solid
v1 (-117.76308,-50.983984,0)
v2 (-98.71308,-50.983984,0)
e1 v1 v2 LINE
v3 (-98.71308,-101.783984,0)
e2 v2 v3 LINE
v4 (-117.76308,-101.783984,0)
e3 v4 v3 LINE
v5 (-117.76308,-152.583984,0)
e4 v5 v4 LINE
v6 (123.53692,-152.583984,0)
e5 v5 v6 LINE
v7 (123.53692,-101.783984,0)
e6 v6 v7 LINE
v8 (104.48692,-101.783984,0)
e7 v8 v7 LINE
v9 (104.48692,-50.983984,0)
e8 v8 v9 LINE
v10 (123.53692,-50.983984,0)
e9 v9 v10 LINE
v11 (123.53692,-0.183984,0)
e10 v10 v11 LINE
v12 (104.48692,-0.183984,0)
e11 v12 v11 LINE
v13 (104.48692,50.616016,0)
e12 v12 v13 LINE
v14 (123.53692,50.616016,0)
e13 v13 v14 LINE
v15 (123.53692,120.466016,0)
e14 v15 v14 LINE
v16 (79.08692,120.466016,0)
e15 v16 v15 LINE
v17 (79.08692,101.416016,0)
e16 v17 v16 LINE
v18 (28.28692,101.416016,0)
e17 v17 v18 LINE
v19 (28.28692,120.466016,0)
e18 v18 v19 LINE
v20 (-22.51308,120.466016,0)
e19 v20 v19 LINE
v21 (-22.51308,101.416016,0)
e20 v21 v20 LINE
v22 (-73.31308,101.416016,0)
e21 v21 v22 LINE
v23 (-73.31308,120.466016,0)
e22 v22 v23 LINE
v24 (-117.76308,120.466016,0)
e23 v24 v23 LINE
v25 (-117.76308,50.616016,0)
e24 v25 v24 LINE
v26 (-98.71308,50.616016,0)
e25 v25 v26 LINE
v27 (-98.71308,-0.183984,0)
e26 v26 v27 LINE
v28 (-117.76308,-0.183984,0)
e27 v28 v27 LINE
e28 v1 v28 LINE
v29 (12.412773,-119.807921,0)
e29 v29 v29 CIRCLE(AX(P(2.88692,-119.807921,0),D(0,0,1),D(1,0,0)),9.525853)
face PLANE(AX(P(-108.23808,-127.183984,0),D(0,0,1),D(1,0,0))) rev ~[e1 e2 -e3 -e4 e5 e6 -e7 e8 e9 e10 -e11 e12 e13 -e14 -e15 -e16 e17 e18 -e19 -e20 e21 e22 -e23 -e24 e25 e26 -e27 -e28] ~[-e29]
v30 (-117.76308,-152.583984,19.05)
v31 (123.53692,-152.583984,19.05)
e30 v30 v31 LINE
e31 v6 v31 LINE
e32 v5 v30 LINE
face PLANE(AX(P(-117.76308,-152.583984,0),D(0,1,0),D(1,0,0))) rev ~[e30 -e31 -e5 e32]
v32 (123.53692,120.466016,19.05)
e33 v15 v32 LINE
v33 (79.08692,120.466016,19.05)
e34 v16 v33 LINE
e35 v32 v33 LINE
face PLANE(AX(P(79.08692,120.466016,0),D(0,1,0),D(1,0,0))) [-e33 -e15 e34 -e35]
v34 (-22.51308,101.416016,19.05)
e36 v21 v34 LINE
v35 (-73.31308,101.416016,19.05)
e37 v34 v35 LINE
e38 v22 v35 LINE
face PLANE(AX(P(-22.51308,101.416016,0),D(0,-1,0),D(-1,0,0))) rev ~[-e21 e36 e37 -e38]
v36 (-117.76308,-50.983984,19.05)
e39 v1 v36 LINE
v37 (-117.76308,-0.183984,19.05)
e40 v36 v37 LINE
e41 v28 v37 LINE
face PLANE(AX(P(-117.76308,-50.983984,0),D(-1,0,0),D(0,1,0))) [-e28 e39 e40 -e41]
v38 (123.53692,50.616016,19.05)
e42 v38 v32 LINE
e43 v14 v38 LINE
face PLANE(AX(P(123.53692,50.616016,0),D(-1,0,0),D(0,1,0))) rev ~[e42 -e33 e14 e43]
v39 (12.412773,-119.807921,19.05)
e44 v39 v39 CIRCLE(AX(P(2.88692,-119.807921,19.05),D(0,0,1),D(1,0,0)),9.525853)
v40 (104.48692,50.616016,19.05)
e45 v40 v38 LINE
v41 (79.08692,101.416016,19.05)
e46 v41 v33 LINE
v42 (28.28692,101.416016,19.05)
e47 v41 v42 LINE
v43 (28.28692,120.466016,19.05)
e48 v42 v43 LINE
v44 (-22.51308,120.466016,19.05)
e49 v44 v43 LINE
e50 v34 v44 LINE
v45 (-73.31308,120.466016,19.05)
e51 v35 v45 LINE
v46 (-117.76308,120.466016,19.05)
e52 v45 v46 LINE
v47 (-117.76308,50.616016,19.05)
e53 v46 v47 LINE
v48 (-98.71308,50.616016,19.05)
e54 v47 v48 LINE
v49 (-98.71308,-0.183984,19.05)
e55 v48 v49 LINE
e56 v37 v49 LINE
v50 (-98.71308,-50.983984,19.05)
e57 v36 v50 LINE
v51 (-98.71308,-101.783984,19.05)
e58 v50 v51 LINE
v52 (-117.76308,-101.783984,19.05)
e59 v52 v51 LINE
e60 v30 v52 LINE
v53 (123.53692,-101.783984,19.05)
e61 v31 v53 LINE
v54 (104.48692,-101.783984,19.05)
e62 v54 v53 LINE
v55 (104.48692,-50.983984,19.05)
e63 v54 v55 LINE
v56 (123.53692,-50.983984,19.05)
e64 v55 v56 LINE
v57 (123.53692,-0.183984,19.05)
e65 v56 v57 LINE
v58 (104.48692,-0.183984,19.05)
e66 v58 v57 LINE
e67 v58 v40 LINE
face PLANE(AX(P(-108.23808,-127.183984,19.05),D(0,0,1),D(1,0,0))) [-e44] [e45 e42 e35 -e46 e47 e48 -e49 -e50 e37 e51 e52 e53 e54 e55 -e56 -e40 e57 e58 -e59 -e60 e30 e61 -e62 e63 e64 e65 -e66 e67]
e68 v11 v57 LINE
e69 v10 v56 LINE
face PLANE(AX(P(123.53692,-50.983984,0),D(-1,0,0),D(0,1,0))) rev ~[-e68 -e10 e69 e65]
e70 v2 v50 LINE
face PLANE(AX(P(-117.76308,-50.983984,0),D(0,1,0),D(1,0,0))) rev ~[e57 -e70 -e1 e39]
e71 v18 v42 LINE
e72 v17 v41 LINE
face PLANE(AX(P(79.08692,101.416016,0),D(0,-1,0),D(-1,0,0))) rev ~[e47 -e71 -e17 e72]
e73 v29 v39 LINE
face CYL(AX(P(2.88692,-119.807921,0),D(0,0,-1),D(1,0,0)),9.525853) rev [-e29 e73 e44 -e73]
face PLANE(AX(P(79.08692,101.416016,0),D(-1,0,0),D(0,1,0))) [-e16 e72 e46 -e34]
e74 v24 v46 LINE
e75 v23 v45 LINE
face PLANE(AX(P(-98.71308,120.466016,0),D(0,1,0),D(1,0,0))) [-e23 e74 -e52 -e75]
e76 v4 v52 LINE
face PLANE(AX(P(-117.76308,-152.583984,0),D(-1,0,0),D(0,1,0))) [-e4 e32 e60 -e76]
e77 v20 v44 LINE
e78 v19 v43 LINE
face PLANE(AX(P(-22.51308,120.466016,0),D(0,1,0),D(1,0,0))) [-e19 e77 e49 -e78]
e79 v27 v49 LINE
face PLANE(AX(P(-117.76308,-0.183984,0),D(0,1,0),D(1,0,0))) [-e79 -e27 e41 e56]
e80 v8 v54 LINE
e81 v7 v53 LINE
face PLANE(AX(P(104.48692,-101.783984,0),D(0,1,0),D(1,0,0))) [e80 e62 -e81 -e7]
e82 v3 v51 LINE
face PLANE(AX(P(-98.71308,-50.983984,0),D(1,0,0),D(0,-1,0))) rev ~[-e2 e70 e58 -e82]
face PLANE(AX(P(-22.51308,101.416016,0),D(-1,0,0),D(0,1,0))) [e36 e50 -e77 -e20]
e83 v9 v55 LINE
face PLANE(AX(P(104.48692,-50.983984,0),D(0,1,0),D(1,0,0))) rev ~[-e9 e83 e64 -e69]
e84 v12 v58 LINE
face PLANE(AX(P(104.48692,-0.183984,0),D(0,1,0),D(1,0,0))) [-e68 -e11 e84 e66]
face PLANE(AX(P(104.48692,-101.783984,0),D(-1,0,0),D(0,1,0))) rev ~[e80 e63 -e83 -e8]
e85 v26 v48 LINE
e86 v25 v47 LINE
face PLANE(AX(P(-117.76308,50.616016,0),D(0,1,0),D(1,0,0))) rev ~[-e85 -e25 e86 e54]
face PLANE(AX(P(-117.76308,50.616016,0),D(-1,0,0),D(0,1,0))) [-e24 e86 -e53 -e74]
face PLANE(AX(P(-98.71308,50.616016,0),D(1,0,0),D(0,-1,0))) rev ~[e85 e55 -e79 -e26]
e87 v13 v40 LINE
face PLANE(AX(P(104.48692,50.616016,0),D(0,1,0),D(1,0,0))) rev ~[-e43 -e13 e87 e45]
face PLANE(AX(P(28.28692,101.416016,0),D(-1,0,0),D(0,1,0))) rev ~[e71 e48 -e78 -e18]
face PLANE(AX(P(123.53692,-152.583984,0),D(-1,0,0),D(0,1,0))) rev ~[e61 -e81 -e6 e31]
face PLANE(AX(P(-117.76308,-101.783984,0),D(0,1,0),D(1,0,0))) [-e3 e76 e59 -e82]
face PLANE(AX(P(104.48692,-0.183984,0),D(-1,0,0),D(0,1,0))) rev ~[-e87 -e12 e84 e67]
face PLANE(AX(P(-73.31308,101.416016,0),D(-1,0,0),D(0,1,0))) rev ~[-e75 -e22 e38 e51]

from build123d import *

# Parameters (mm, degrees)
F0_W     = 19.05
F0_H     = 50.8
F0_R     = 9.525853
F0_W_2   = 25.4
F0_H_2   = 19.05
F0_W_3   = 50.8
F1_DEPTH = 19.05
F2_DEPTH = 19.05


with BuildPart() as f1:
    # F0 (on Top) → F1 (new body)
    with BuildSketch(Plane.XY):
        with Locations((-108.23808, -127.183984)):
            Rectangle(F0_W, F0_H)
        Polygon((-73.31308, 101.416016), (-98.71308, 101.416016), (-98.71308, 50.616016), (-98.71308, -0.183984), (-98.71308, -50.983984), (-98.71308, -101.783984), (-98.71308, -152.583984), (104.48692, -152.583984), (104.48692, -101.783984), (104.48692, -50.983984), (104.48692, -0.183984), (104.48692, 50.616016), (104.48692, 101.416016), (79.08692, 101.416016), (28.28692, 101.416016), (-22.51308, 101.416016), align=None)
        with Locations((2.88692, -119.807921)):
            Circle(F0_R, mode=Mode.SUBTRACT)
        with Locations((-108.23808, -25.583984)):
            Rectangle(F0_W, F0_H)
        with Locations((-108.23808, 76.016016)):
            Rectangle(F0_W, F0_H)
        with Locations((-86.01308, 110.941016)):
            Rectangle(F0_W_2, F0_H_2)
        with Locations((2.88692, 110.941016)):
            Rectangle(F0_W_3, F0_H_2)
        with Locations((91.78692, 110.941016)):
            Rectangle(F0_W_2, F0_H_2)
        with Locations((114.01192, 76.016016)):
            Rectangle(F0_W, F0_H)
        with Locations((114.01192, -25.583984)):
            Rectangle(F0_W, F0_H)
        with Locations((114.01192, -127.183984)):
            Rectangle(F0_W, F0_H)
    extrude(amount=F1_DEPTH)

    # F0 (on Top) → F2 (join)
    with BuildSketch(Plane.XY):
        with Locations((-86.01308, 110.941016)):
            Rectangle(F0_W_2, F0_H_2)
        Polygon((-73.31308, 101.416016), (-98.71308, 101.416016), (-98.71308, 50.616016), (-98.71308, -0.183984), (-98.71308, -50.983984), (-98.71308, -101.783984), (-98.71308, -152.583984), (104.48692, -152.583984), (104.48692, -101.783984), (104.48692, -50.983984), (104.48692, -0.183984), (104.48692, 50.616016), (104.48692, 101.416016), (79.08692, 101.416016), (28.28692, 101.416016), (-22.51308, 101.416016), align=None)
        with Locations((2.88692, -119.807921)):
            Circle(F0_R, mode=Mode.SUBTRACT)
        with Locations((-108.23808, 76.016016)):
            Rectangle(F0_W, F0_H)
        with Locations((-108.23808, 110.941016)):
            Rectangle(F0_W, F0_H_2)
        with Locations((2.88692, 110.941016)):
            Rectangle(F0_W_3, F0_H_2)
        with Locations((-108.23808, -25.583984)):
            Rectangle(F0_W, F0_H)
        with Locations((91.78692, 110.941016)):
            Rectangle(F0_W_2, F0_H_2)
        with Locations((-108.23808, -127.183984)):
            Rectangle(F0_W, F0_H)
        with Locations((114.01192, 76.016016)):
            Rectangle(F0_W, F0_H)
        with Locations((114.01192, 110.941016)):
            Rectangle(F0_W, F0_H_2)
        with Locations((114.01192, -127.183984)):
            Rectangle(F0_W, F0_H)
        with Locations((114.01192, -25.583984)):
            Rectangle(F0_W, F0_H)
    extrude(amount=F2_DEPTH)


solid = f1.part
